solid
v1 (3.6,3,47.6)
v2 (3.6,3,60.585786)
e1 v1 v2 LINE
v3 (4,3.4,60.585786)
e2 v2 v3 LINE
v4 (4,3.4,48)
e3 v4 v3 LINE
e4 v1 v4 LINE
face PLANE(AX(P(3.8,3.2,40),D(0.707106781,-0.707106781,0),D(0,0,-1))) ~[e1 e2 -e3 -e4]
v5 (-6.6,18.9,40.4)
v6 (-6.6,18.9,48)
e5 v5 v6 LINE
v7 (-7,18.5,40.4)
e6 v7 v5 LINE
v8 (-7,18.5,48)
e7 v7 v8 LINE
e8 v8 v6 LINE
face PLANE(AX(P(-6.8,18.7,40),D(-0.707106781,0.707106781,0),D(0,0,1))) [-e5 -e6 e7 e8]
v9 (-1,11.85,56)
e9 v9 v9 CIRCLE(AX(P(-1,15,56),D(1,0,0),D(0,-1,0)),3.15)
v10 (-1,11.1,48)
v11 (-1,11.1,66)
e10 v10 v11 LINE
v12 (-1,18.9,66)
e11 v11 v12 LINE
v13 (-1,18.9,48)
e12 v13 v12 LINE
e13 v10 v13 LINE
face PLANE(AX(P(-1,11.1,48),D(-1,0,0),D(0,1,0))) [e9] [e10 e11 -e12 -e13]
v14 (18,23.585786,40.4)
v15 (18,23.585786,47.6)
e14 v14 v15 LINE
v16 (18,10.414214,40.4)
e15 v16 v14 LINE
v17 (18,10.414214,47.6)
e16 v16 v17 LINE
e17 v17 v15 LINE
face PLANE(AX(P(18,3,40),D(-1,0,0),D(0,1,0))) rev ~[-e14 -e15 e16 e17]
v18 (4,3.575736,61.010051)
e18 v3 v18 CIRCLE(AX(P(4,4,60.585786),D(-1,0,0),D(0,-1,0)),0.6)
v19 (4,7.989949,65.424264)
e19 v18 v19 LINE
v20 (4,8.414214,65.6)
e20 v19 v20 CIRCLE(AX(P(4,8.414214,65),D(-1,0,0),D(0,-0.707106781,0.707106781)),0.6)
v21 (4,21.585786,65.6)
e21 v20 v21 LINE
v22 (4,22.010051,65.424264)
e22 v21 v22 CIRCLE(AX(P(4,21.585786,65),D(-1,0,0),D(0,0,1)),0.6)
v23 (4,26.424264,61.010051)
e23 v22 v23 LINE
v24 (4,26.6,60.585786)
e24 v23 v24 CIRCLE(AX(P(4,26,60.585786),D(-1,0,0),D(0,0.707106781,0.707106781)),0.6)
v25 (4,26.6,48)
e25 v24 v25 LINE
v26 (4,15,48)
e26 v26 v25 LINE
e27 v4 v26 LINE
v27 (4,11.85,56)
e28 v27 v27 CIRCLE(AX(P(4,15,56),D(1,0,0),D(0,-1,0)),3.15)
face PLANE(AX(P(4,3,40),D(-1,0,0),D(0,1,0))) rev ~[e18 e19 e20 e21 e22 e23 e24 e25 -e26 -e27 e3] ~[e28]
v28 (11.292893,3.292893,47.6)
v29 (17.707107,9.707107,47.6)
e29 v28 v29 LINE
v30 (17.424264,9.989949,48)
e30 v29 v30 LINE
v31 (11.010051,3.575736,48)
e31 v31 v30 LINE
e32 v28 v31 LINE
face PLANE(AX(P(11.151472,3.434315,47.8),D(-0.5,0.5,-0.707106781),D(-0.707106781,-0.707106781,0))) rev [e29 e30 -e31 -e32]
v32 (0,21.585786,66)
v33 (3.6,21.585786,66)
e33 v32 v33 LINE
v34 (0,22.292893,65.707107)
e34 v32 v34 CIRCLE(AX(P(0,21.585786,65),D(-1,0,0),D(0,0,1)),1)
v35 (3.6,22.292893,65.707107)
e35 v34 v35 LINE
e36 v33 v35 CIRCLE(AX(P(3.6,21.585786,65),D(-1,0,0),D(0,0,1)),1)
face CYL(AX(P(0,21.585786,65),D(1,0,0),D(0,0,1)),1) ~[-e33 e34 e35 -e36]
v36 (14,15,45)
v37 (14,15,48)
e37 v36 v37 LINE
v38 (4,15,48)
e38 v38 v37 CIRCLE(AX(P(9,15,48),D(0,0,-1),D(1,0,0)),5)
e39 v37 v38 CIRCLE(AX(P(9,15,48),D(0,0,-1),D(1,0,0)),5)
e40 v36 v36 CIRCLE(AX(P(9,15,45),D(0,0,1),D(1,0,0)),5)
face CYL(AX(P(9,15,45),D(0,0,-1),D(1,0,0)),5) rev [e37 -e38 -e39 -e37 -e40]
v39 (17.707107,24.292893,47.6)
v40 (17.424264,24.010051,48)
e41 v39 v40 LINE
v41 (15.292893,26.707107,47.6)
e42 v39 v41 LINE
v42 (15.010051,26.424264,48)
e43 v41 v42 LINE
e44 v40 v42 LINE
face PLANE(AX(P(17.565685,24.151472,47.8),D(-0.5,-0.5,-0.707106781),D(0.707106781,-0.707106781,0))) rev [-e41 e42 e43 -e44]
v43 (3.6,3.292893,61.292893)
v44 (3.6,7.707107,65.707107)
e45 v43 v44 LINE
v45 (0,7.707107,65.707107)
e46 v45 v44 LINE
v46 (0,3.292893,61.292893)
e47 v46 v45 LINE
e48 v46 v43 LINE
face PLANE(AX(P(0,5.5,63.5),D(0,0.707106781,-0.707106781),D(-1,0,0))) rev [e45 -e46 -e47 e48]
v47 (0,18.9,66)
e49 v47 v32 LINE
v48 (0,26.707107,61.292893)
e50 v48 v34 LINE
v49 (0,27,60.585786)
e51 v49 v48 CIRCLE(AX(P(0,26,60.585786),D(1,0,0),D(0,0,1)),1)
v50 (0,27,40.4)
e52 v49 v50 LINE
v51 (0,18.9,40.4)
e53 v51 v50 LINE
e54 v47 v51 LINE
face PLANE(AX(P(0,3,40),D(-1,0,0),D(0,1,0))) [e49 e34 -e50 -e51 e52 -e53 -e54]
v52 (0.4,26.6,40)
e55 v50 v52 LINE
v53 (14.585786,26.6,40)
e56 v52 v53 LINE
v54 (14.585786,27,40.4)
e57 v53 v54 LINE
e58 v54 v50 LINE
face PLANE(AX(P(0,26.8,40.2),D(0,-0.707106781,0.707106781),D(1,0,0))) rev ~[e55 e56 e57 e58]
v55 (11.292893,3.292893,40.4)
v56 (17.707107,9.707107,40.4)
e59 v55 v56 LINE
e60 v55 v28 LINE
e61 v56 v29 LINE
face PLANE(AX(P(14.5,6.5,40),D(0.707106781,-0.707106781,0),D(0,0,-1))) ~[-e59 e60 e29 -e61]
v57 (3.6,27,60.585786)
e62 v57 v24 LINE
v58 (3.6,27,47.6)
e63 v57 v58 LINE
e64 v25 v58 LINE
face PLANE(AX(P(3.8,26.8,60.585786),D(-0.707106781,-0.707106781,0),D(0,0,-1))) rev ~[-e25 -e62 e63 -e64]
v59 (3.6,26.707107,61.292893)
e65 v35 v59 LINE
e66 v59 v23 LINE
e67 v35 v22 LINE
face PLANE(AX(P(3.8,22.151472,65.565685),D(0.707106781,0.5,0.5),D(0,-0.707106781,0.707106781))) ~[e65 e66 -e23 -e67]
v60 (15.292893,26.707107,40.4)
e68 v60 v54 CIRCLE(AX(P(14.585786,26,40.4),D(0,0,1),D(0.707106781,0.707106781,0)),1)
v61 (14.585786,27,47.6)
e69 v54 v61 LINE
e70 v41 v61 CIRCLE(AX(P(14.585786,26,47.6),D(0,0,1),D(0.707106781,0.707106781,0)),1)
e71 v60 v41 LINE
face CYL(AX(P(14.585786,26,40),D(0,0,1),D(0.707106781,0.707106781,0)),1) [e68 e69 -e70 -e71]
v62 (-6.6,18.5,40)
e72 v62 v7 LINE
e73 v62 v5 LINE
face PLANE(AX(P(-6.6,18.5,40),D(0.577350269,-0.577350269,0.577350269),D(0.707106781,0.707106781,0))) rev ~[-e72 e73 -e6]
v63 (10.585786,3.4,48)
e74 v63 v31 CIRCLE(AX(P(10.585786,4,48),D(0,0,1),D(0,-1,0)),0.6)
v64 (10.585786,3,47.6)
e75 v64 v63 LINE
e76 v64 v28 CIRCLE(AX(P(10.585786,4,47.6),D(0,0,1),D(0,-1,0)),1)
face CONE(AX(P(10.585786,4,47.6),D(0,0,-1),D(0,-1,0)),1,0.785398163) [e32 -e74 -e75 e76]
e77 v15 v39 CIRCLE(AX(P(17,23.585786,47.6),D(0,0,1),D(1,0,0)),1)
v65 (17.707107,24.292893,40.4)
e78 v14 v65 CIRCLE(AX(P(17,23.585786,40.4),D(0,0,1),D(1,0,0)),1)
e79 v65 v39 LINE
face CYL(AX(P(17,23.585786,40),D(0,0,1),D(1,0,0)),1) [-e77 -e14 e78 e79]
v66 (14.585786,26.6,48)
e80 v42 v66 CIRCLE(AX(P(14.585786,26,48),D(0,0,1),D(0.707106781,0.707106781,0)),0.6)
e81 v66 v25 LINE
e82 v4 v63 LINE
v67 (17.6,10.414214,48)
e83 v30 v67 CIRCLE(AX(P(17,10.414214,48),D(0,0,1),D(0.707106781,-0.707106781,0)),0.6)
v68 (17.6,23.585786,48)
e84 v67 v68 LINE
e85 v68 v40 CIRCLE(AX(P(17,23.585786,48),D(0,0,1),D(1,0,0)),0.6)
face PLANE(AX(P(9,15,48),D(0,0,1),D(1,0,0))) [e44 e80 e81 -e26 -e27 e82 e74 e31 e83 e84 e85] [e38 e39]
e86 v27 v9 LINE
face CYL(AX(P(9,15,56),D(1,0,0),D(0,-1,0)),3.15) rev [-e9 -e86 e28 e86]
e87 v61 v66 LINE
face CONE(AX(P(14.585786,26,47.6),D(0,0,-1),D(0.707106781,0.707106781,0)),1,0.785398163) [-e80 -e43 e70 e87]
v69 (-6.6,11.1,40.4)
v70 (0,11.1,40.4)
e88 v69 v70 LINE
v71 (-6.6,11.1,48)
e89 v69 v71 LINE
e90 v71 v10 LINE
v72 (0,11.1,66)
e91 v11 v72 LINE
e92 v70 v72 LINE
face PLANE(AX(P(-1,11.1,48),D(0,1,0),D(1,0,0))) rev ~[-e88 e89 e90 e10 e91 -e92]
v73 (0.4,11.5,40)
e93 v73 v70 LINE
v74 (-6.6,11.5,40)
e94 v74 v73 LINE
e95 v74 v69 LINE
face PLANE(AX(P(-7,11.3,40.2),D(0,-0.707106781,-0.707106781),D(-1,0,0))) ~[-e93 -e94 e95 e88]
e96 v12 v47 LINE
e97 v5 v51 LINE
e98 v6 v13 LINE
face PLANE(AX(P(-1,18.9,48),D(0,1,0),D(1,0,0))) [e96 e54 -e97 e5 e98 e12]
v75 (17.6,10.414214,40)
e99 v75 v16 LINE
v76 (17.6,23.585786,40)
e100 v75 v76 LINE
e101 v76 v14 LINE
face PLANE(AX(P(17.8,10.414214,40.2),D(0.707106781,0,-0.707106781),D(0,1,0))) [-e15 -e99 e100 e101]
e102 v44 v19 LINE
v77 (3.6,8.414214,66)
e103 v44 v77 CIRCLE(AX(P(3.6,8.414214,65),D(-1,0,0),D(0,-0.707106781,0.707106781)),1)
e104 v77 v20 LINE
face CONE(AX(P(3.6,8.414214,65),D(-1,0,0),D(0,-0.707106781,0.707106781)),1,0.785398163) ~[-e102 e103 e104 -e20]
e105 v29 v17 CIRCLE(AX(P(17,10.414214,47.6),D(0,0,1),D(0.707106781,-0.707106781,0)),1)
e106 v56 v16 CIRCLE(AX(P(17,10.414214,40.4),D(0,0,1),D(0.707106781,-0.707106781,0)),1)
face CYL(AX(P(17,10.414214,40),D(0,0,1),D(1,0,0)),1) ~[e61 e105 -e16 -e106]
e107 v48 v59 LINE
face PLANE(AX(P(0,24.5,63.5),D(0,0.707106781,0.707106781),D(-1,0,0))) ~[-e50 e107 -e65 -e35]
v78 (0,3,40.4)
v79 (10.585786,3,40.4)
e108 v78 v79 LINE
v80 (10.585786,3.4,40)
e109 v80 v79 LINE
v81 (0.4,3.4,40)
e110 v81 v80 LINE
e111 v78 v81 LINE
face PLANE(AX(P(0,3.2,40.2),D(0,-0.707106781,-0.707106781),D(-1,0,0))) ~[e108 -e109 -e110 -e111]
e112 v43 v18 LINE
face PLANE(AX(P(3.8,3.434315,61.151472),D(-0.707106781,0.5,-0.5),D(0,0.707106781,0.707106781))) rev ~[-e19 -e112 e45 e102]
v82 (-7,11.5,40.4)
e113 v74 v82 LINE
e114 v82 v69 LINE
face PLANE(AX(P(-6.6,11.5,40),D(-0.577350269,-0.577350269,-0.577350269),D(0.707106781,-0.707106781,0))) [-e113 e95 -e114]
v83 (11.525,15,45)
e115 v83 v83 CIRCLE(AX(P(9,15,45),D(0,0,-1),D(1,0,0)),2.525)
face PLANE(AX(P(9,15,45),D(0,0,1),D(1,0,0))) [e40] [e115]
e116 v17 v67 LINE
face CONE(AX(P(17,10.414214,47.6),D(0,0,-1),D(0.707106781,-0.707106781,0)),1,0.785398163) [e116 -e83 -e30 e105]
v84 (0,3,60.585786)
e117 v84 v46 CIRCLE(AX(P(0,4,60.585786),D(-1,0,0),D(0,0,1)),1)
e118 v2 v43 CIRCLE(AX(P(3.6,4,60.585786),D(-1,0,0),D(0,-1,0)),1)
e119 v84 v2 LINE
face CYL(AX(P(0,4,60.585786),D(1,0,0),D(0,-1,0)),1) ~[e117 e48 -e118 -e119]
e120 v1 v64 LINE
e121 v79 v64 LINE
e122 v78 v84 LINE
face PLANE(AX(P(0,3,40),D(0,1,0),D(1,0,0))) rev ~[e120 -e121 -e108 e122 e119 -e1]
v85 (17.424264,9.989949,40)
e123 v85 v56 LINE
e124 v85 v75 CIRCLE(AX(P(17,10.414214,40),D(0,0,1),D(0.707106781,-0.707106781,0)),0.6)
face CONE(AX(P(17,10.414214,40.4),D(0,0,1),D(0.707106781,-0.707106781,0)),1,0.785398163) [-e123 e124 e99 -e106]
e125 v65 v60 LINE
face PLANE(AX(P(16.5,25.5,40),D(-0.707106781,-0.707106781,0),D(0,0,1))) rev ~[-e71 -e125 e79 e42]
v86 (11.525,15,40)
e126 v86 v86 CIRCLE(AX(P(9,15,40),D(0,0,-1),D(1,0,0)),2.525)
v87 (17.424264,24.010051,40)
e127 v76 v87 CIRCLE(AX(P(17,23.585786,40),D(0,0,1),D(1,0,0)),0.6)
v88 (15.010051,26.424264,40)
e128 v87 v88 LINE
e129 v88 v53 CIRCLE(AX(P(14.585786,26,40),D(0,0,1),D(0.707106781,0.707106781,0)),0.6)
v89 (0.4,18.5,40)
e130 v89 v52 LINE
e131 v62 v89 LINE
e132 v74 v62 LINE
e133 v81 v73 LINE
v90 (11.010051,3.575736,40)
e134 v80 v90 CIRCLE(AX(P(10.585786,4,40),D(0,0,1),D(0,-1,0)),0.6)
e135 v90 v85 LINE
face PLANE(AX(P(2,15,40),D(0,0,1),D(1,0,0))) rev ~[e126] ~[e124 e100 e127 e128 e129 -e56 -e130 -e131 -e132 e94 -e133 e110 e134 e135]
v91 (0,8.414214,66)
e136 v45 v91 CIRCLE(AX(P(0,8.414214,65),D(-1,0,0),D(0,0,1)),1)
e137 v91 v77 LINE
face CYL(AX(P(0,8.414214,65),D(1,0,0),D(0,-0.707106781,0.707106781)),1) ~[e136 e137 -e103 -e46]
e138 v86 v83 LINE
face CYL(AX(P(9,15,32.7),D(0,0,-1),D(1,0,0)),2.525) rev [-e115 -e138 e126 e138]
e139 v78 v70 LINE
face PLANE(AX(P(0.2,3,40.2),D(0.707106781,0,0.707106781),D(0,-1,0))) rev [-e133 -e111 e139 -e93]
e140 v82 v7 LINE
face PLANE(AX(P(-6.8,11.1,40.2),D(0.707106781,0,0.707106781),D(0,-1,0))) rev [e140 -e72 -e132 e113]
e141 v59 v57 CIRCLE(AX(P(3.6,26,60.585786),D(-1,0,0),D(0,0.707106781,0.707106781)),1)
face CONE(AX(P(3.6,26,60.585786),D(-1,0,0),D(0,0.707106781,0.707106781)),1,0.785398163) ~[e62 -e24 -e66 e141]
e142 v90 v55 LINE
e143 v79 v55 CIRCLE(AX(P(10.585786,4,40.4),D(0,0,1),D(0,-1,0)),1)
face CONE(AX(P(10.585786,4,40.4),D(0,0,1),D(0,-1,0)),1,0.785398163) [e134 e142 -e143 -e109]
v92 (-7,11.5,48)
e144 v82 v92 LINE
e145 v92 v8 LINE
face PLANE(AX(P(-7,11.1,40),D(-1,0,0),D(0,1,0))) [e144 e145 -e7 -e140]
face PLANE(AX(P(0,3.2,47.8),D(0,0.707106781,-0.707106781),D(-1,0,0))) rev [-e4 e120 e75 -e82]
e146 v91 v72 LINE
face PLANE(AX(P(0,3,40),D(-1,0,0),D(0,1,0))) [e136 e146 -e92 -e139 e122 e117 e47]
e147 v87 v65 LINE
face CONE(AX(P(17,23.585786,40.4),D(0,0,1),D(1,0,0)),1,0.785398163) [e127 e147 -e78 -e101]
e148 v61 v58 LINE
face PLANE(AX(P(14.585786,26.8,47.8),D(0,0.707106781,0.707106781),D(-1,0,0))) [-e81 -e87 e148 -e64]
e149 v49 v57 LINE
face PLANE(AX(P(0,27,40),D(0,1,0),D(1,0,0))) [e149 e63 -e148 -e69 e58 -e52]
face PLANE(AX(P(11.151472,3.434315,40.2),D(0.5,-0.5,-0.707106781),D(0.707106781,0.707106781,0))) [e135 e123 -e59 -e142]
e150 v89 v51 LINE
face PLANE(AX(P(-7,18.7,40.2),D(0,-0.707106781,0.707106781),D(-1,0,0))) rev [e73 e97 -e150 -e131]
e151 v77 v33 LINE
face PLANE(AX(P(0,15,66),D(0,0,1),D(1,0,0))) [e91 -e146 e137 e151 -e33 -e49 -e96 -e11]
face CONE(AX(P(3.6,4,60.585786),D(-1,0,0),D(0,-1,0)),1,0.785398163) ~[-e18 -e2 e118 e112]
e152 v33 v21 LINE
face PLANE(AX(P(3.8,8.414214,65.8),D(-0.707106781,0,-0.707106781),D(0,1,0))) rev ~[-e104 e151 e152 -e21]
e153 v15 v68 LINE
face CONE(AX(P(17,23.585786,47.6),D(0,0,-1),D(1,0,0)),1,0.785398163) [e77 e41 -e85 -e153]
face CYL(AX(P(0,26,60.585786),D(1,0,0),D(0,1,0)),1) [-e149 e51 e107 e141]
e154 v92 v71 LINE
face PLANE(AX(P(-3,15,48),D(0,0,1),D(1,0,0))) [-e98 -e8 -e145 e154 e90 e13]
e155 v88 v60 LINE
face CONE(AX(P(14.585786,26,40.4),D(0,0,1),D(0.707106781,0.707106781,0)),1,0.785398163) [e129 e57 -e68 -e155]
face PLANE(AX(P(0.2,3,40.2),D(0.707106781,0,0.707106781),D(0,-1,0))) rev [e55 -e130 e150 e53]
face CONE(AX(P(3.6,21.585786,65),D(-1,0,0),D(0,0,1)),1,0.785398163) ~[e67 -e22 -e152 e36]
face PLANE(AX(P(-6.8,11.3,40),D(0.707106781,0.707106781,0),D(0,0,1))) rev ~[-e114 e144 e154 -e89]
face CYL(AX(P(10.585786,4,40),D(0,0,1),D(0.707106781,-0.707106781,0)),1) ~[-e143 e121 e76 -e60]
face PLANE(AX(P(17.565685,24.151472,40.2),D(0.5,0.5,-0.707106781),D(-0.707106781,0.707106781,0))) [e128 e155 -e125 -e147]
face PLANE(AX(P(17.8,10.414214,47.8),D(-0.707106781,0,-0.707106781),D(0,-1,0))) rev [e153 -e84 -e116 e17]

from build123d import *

# Parameters (mm, degrees)
CYLINDER014_R     = 3.15
CYLINDER014_DEPTH = 15
BOX016_W          = 4
BOX016_H          = 24
BOX016_DEPTH      = 26
CHAMFER024_SIZE   = 5
FILLET006_R       = 1
CHAMFER025_SIZE   = 0.4
CYLINDER012_R     = 2.525
CYLINDER012_DEPTH = 35
CYLINDER013_R     = 5
CYLINDER013_DEPTH = 5
BOX018_W          = 18
BOX018_H          = 24
BOX018_DEPTH      = 8
CHAMFER021_SIZE   = 7
CHAMFER022_SIZE   = 3
FILLET005_R       = 1
CHAMFER023_SIZE   = 0.4
BOX019_W          = 2
BOX019_H          = 7.8
BOX019_DEPTH      = 18
BOX017_W          = 8
BOX017_H          = 7.8
BOX017_DEPTH      = 8
CHAMFER026_SIZE   = 0.4


with BuildPart() as cylinder014:
    # Cylinder014 → Cylinder014 (new body)
    with BuildSketch(Plane(origin=(9, 15, 56), x_dir=(0, -1, 0), z_dir=(-1, 0, 0))):
        Circle(CYLINDER014_R)
    extrude(amount=CYLINDER014_DEPTH)


with BuildPart() as chamfer025:
    # Box016 → Box016 (new body)
    with BuildSketch(Plane(origin=(0, 3, 40), x_dir=(1, 0, 0), z_dir=(0, 0, 1))):
        with Locations((2, 12)):
            Rectangle(BOX016_W, BOX016_H)
    extrude(amount=BOX016_DEPTH)

    # Chamfer024
    chamfer024_edges = [chamfer025.edges().sort_by_distance(p)[0] for p in [
        (2, 3, 66),
        (2, 27, 66),
    ]]
    chamfer(chamfer024_edges, length=CHAMFER024_SIZE)

    # Fillet006
    fillet006_edges = [chamfer025.edges().sort_by_distance(p)[0] for p in [
        (2, 3, 61),
        (2, 8, 66),
        (2, 22, 66),
        (2, 27, 61),
    ]]
    fillet(fillet006_edges, radius=FILLET006_R)

    # Chamfer025
    chamfer025_edges = [chamfer025.edges().sort_by_distance(p)[0] for p in [
        (0, 15, 40),
        (4, 3, 50.292893),
        (2, 3, 40),
        (4, 3.07612, 60.96847),
        (2, 27, 40),
        (4, 15, 40),
        (4, 5.5, 63.5),
        (4, 27, 50.292893),
        (4, 8.03153, 65.92388),
        (4, 26.92388, 60.96847),
        (4, 15, 66),
        (4, 24.5, 63.5),
        (4, 21.96847, 65.92388),
    ]]
    chamfer(chamfer025_edges, length=CHAMFER025_SIZE)


with BuildPart() as cylinder012:
    # Cylinder012 → Cylinder012 (new body)
    with BuildSketch(Plane(origin=(9, 15, 32.7), x_dir=(1, 0, 0), z_dir=(0, 0, 1))):
        Circle(CYLINDER012_R)
    extrude(amount=CYLINDER012_DEPTH)


with BuildPart() as cylinder013:
    # Cylinder013 → Cylinder013 (new body)
    with BuildSketch(Plane(origin=(9, 15, 45), x_dir=(1, 0, 0), z_dir=(0, 0, 1))):
        Circle(CYLINDER013_R)
    extrude(amount=CYLINDER013_DEPTH)


with BuildPart() as cut002002002007004003:
    # Box018 → Box018 (new body)
    with BuildSketch(Plane(origin=(0, 3, 40), x_dir=(1, 0, 0), z_dir=(0, 0, 1))):
        with Locations((9, 12)):
            Rectangle(BOX018_W, BOX018_H)
    extrude(amount=BOX018_DEPTH)

    # Chamfer021
    chamfer021_edges = [cut002002002007004003.edges().sort_by_distance(p)[0] for p in [
        (18, 3, 44),
    ]]
    chamfer(chamfer021_edges, length=CHAMFER021_SIZE)

    # Chamfer022
    chamfer022_edges = [cut002002002007004003.edges().sort_by_distance(p)[0] for p in [
        (18, 27, 44),
    ]]
    chamfer(chamfer022_edges, length=CHAMFER022_SIZE)

    # Fillet005
    fillet005_edges = [cut002002002007004003.edges().sort_by_distance(p)[0] for p in [
        (18, 10, 44),
        (18, 24, 44),
        (15, 27, 44),
        (11, 3, 44),
    ]]
    fillet(fillet005_edges, radius=FILLET005_R)

    # Chamfer023
    chamfer023_edges = [cut002002002007004003.edges().sort_by_distance(p)[0] for p in [
        (18, 17, 48),
        (18, 17, 40),
        (17.92388, 23.96847, 48),
        (16.5, 25.5, 48),
        (14.96847, 26.92388, 48),
        (7.292893, 27, 48),
        (0, 15, 48),
        (5.292893, 3, 48),
        (10.96847, 3.07612, 48),
        (14.5, 6.5, 48),
        (17.92388, 10.03153, 48),
        (17.92388, 10.03153, 40),
        (17.92388, 23.96847, 40),
        (16.5, 25.5, 40),
        (14.96847, 26.92388, 40),
        (7.292893, 27, 40),
        (0, 15, 40),
        (5.292893, 3, 40),
        (10.96847, 3.07612, 40),
        (14.5, 6.5, 40),
    ]]
    chamfer(chamfer023_edges, length=CHAMFER023_SIZE)

    # Cut002002002007004002: cut Cylinder013
    add(cylinder013.part, mode=Mode.SUBTRACT)

    # Cut002002002007004003: cut Cylinder012
    add(cylinder012.part, mode=Mode.SUBTRACT)


with BuildPart() as cube019:
    # Box019 → Box019 (new body)
    with BuildSketch(Plane(origin=(-1, 11.1, 48), x_dir=(1, 0, 0), z_dir=(0, 0, 1))):
        with Locations((1, 3.9)):
            Rectangle(BOX019_W, BOX019_H)
    extrude(amount=BOX019_DEPTH)


with BuildPart() as top_support_exp:
    # Box017 → Box017 (new body)
    with BuildSketch(Plane(origin=(-7, 11.1, 40), x_dir=(1, 0, 0), z_dir=(0, 0, 1))):
        with Locations((4, 3.9)):
            Rectangle(BOX017_W, BOX017_H)
    extrude(amount=BOX017_DEPTH)

    # Chamfer026
    chamfer026_edges = [top_support_exp.edges().sort_by_distance(p)[0] for p in [
        (-7, 11.1, 44),
        (-7, 18.9, 44),
        (-7, 15, 40),
        (-3, 11.1, 40),
        (-3, 18.9, 40),
    ]]
    chamfer(chamfer026_edges, length=CHAMFER026_SIZE)

    # Fusion006005: union Chamfer025, Cut002002002007004003, Cube019
    add(chamfer025.part)
    add(cut002002002007004003.part)
    add(cube019.part)

    # Cut002002002007004004: cut Cylinder014
    add(cylinder014.part, mode=Mode.SUBTRACT)


solid = top_support_exp.part
